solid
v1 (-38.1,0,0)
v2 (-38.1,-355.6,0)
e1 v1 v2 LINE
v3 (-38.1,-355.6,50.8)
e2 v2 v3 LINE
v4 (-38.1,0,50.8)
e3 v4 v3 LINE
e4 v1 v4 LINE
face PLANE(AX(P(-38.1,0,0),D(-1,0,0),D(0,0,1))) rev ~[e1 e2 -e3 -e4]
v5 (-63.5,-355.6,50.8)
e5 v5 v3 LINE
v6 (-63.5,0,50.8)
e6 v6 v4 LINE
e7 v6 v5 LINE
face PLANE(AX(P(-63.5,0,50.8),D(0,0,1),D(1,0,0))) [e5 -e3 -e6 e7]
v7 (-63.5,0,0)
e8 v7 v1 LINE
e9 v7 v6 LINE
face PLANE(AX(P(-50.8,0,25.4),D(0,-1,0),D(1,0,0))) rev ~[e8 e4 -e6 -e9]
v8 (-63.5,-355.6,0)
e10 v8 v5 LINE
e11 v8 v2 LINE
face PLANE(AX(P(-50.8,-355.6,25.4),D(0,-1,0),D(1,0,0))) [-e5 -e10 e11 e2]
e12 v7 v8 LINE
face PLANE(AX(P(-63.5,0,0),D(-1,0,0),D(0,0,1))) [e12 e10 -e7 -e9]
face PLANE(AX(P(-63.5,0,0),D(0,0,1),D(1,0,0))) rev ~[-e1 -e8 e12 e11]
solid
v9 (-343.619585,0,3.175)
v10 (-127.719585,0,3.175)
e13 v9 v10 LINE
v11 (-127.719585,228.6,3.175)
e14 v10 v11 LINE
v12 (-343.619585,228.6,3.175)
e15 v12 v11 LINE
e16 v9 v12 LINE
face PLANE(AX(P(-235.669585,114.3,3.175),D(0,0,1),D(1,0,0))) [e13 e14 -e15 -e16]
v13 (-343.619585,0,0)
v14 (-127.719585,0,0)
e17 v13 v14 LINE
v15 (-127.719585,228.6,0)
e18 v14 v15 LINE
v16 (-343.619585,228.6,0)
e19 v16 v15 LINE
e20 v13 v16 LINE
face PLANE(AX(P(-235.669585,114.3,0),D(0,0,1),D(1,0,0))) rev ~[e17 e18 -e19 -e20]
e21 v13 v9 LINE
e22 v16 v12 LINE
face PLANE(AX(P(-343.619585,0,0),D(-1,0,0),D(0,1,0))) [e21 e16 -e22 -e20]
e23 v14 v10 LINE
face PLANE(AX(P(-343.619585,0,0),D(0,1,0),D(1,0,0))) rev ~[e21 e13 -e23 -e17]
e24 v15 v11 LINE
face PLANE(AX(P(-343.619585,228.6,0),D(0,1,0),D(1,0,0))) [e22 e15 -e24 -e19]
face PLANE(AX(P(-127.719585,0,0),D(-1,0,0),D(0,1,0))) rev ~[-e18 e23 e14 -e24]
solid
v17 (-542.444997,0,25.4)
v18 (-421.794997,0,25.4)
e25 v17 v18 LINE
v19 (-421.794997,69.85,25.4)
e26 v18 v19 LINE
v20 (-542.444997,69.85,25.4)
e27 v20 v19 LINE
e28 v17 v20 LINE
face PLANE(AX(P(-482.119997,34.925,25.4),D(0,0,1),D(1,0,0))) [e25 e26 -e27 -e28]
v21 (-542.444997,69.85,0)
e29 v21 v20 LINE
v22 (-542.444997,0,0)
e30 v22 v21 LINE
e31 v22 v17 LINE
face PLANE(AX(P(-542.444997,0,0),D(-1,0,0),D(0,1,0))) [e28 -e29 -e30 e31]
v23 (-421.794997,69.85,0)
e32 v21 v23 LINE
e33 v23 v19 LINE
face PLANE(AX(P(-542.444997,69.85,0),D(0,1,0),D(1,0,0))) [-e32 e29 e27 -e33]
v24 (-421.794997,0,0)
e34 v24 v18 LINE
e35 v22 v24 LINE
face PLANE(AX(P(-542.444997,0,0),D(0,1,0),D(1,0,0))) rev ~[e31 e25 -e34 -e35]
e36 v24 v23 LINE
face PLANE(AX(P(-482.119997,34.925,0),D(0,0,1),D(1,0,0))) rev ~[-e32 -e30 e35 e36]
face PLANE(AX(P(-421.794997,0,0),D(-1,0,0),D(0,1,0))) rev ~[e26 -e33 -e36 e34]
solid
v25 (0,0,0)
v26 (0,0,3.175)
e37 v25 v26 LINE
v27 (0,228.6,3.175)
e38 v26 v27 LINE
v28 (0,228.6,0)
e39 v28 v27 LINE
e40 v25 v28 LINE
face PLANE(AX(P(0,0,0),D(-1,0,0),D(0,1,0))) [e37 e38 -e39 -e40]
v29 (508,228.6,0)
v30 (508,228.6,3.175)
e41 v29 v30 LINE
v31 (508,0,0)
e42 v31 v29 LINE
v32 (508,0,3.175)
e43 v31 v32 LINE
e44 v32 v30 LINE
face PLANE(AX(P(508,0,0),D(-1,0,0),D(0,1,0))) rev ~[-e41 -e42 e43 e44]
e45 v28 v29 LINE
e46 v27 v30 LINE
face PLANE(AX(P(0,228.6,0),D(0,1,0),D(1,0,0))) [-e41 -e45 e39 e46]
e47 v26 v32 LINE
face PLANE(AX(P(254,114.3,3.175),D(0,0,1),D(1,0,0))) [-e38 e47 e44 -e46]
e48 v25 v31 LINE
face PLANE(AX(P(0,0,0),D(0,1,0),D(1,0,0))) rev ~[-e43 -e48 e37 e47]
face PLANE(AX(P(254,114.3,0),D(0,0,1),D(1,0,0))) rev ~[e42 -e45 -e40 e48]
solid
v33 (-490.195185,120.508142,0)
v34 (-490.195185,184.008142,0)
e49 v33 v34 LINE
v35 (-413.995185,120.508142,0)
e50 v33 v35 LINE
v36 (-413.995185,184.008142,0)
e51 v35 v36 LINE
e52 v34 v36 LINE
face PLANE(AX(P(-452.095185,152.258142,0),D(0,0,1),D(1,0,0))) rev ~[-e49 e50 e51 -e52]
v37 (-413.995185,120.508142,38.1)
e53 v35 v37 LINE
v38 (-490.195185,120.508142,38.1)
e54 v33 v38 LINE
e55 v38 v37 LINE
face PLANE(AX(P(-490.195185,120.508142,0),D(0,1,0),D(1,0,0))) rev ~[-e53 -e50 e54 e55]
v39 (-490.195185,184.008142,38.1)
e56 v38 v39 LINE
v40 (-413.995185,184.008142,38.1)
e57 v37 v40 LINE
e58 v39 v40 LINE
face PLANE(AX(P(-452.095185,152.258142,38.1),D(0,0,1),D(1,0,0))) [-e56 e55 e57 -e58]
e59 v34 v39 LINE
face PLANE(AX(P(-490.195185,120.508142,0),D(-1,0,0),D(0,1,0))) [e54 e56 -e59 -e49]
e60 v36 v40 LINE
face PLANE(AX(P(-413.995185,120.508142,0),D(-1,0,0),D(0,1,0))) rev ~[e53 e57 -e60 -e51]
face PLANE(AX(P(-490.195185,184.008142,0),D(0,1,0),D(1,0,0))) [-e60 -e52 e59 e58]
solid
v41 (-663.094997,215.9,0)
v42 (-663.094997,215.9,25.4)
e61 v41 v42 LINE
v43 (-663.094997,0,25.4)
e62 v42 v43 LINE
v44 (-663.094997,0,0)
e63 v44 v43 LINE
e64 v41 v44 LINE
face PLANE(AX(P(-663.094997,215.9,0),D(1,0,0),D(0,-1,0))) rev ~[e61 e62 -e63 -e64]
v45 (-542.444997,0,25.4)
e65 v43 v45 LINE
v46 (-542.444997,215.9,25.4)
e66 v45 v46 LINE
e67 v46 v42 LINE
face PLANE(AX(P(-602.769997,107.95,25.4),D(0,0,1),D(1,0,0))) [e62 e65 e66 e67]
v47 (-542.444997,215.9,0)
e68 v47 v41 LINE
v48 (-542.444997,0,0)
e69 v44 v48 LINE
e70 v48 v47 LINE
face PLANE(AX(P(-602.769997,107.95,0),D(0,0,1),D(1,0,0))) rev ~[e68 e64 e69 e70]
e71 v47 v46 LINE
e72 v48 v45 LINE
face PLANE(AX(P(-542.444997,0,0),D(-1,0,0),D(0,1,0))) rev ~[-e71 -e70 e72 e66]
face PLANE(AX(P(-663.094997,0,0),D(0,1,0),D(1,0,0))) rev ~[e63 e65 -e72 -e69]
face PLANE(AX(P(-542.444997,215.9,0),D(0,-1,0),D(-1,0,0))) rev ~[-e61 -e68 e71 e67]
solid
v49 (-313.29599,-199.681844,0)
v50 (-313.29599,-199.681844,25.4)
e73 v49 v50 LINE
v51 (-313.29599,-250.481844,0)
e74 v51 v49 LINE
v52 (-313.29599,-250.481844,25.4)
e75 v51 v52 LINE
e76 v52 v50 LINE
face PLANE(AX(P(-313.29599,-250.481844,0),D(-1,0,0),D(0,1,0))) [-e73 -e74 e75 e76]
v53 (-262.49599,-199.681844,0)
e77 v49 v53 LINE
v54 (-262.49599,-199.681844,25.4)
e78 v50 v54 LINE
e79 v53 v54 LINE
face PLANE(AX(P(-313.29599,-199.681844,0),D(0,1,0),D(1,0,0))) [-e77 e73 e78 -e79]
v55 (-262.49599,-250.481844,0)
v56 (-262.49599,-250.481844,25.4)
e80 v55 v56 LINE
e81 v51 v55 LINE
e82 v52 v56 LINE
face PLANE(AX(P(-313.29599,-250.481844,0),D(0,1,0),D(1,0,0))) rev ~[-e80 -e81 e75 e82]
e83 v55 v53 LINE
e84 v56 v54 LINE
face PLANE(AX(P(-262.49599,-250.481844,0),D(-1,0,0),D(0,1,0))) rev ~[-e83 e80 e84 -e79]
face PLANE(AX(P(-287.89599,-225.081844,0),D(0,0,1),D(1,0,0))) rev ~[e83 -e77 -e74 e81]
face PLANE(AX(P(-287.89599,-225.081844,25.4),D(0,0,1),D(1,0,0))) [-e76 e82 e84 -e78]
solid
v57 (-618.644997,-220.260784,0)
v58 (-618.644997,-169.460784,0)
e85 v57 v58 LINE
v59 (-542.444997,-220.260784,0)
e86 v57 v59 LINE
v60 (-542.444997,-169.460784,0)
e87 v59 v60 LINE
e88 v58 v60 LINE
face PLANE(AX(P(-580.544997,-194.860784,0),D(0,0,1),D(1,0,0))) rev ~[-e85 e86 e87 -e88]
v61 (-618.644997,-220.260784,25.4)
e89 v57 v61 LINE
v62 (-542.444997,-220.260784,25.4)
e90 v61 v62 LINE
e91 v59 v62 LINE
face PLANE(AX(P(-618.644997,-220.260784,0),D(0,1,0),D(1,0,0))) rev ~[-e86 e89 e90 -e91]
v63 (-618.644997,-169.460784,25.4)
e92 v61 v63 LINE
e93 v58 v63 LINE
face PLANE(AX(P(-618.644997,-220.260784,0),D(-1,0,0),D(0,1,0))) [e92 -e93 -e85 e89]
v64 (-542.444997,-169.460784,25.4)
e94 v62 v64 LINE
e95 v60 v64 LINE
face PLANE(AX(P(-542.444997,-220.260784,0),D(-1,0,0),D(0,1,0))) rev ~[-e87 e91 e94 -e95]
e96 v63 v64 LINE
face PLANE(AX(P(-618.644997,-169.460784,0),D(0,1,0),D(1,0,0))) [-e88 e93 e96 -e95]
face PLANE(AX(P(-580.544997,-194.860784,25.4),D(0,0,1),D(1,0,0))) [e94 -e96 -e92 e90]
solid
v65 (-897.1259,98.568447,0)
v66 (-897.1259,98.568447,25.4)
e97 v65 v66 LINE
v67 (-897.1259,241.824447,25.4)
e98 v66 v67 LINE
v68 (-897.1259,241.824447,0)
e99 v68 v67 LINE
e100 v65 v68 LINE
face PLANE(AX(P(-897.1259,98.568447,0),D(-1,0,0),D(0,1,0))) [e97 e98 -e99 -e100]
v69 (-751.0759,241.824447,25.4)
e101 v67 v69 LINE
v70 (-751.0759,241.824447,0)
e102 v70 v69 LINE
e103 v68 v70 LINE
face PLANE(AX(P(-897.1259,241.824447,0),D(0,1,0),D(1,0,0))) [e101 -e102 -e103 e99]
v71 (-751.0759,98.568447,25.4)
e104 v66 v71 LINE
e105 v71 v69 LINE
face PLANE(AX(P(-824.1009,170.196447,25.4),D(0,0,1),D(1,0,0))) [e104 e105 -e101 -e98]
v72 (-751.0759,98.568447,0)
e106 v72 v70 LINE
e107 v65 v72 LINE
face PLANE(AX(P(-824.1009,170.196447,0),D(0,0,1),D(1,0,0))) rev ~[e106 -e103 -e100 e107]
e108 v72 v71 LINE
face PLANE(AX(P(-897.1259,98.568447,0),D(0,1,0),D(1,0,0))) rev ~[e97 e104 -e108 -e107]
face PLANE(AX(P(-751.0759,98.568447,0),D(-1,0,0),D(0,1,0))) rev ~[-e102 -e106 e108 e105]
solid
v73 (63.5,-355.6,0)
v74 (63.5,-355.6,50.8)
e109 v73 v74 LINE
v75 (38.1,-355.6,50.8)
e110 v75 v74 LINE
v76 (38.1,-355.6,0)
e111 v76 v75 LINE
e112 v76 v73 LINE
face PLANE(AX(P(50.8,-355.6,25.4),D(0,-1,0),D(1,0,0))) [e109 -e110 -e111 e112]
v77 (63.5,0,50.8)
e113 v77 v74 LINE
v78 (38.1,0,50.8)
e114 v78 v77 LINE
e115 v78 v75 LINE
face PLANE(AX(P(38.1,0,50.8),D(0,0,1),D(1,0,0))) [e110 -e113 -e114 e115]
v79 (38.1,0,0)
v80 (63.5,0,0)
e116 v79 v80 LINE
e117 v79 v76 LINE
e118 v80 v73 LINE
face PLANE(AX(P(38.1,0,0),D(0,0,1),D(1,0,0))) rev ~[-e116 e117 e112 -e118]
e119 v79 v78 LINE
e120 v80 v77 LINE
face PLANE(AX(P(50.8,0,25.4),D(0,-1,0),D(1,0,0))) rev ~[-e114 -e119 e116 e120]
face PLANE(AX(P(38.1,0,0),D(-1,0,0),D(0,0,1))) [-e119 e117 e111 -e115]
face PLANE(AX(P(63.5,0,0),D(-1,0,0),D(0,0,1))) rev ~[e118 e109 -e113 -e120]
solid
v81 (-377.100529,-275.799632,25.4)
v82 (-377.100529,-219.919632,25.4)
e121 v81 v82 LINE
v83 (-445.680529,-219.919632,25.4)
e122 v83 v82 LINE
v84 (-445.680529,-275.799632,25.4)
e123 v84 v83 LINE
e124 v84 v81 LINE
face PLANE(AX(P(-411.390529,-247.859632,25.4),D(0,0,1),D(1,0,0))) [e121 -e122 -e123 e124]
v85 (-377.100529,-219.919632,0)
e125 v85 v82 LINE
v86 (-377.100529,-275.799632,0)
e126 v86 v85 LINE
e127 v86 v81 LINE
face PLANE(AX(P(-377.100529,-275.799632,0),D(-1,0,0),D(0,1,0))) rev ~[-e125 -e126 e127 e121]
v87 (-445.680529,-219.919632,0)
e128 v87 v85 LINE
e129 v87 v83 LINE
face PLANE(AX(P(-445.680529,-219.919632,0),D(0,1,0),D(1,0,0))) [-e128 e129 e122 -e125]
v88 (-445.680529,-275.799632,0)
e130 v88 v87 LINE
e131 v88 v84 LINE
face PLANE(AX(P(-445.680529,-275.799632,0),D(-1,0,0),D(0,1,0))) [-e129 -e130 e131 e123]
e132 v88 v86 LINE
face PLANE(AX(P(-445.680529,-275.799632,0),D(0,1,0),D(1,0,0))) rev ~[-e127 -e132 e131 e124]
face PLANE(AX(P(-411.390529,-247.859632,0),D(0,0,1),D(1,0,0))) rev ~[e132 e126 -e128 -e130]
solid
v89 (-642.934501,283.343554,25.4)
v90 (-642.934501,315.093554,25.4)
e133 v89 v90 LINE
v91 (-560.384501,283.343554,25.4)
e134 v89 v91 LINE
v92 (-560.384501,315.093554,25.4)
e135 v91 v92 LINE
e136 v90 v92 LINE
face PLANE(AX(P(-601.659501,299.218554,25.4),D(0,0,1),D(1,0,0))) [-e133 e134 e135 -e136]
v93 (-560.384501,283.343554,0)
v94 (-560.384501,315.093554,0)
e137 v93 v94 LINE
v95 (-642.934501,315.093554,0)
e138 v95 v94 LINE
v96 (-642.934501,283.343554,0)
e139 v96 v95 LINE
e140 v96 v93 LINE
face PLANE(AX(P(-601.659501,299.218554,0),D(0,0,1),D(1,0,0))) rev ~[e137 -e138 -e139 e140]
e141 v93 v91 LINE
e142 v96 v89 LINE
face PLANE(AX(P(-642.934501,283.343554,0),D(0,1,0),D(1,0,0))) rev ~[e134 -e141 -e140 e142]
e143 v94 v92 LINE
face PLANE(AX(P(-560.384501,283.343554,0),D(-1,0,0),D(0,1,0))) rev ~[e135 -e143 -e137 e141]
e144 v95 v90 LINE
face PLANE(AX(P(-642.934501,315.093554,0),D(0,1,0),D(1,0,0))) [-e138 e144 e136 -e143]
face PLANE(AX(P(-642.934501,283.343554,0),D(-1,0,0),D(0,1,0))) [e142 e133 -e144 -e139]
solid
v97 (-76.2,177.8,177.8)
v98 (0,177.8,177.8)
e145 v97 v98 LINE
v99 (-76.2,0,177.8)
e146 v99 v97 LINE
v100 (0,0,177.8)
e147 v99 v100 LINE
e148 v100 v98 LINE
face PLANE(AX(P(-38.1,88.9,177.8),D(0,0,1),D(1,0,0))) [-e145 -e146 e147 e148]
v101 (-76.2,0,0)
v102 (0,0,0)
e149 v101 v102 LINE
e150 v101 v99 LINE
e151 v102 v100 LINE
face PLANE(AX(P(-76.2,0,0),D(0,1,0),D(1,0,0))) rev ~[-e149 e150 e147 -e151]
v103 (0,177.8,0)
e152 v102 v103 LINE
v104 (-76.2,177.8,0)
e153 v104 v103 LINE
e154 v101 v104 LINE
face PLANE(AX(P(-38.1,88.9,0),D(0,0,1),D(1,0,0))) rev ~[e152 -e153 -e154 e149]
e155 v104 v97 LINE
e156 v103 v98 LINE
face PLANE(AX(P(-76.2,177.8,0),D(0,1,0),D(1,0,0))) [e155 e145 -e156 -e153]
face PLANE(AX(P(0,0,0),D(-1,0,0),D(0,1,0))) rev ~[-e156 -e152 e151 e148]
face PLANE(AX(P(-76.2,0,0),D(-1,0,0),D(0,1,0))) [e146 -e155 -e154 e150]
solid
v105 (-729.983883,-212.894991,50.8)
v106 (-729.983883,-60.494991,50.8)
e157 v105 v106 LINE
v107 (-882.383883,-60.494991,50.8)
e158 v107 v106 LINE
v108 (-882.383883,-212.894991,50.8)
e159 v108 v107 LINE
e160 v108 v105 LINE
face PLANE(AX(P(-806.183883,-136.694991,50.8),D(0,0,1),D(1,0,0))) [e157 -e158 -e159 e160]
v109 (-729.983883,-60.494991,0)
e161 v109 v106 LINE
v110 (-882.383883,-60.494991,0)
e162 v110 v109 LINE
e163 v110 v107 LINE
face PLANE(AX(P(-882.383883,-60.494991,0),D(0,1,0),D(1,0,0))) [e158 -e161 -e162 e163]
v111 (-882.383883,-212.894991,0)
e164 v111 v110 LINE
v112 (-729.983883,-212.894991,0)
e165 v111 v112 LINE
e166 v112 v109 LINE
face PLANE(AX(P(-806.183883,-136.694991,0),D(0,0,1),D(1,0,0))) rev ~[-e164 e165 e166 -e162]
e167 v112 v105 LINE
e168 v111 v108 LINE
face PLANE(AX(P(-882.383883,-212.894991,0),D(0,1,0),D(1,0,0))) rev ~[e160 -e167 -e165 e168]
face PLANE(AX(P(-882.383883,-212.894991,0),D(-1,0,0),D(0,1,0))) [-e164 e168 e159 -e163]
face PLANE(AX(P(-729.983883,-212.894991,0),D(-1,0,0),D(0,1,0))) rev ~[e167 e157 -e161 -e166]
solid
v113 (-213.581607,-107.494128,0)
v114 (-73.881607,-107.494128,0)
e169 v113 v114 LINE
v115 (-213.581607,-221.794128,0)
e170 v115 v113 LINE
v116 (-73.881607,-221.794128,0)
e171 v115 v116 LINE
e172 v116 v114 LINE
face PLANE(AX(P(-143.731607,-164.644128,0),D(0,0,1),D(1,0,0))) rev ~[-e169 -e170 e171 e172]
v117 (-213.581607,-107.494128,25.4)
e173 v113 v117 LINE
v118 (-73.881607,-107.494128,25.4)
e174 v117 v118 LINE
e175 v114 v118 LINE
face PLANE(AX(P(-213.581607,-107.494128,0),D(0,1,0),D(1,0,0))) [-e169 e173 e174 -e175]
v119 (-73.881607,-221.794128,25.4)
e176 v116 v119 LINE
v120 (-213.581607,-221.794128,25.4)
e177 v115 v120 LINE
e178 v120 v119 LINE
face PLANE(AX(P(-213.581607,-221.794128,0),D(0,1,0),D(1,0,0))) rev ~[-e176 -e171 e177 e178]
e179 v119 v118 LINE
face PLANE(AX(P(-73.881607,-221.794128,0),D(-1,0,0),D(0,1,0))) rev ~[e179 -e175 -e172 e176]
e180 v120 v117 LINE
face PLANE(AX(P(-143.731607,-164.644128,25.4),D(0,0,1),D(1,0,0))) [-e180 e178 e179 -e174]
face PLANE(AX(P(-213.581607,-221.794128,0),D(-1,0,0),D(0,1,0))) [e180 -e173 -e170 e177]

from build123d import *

# Parameters (mm, degrees)
F0_W      = 25.4
F0_H      = 50.8
F1_DEPTH  = 355.6
F2_W      = 508
F2_H      = 228.6
F2_W_2    = 215.9
F3_DEPTH  = 3.175
F4_W      = 76.2
F4_H      = 177.8
F5_DEPTH  = 177.8
F2_W_3    = 120.65
F2_H_2    = 69.85
F6_DEPTH  = 25.4
F2_W_4    = 76.2
F2_H_3    = 63.5
F7_DEPTH  = 38.1
F2_W_5    = 146.05
F2_H_4    = 143.256
F8_DEPTH  = 25.4
F2_W_6    = 82.55
F2_H_5    = 31.75
F9_DEPTH  = 25.4
F10_DEPTH = 25.4
F2_W_7    = 50.8
F2_H_6    = 50.8
F11_DEPTH = 25.4
F2_W_8    = 68.58
F2_H_7    = 55.88
F12_DEPTH = 25.4
F13_DEPTH = 25.4
F2_W_9    = 152.4
F2_H_8    = 152.4
F14_DEPTH = 50.8
F2_W_10   = 139.7
F2_H_9    = 114.3
F15_DEPTH = 25.4


with BuildPart() as f1:
    # F0 (on Front) → F1 (new body)
    with BuildSketch(Plane.XZ):
        with Locations((-50.8, 25.4)):
            Rectangle(F0_W, F0_H)
        with Locations((50.8, 25.4)):
            Rectangle(F0_W, F0_H)
    extrude(amount=F1_DEPTH)


with BuildPart() as f3:
    # F2 (on Top) → F3 (new body)
    with BuildSketch(Plane.XY):
        with Locations((254, 114.3)):
            Rectangle(F2_W, F2_H)
        with Locations((-235.669585, 114.3)):
            Rectangle(F2_W_2, F2_H)
    extrude(amount=F3_DEPTH)


with BuildPart() as f5:
    # F4 (on Top) → F5 (new body)
    with BuildSketch(Plane.XY):
        with Locations((-38.1, 88.9)):
            Rectangle(F4_W, F4_H)
    extrude(amount=F5_DEPTH)


with BuildPart() as f6:
    # F2 (on Top) → F6 (new body)
    with BuildSketch(Plane.XY):
        with Locations((-482.119997, 34.925)):
            Rectangle(F2_W_3, F2_H_2)
    extrude(amount=F6_DEPTH)


with BuildPart() as f7:
    # F2 (on Top) → F7 (new body)
    with BuildSketch(Plane.XY):
        with Locations((-452.095185, 152.258142)):
            Rectangle(F2_W_4, F2_H_3)
    extrude(amount=F7_DEPTH)


with BuildPart() as f8:
    # F2 (on Top) → F8 (new body)
    with BuildSketch(Plane.XY):
        with Locations((-824.1009, 170.196447)):
            Rectangle(F2_W_5, F2_H_4)
    extrude(amount=F8_DEPTH)


with BuildPart() as f9:
    # F2 (on Top) → F9 (new body)
    with BuildSketch(Plane.XY):
        with Locations((-601.659501, 299.218554)):
            Rectangle(F2_W_6, F2_H_5)
    extrude(amount=F9_DEPTH)


with BuildPart() as f10:
    # F2 (on Top) → F10 (new body)
    with BuildSketch(Plane.XY):
        Polygon((-542.444997, 0), (-542.444997, 69.85), (-542.444997, 215.9), (-663.094997, 215.9), (-663.094997, 0), align=None)
    extrude(amount=F10_DEPTH)


with BuildPart() as f11:
    # F2 (on Top) → F11 (new body)
    with BuildSketch(Plane.XY):
        with Locations((-287.89599, -225.081844)):
            Rectangle(F2_W_7, F2_H_6)
    extrude(amount=F11_DEPTH)


with BuildPart() as f12:
    # F2 (on Top) → F12 (new body)
    with BuildSketch(Plane.XY):
        with Locations((-411.390529, -247.859632)):
            Rectangle(F2_W_8, F2_H_7)
    extrude(amount=F12_DEPTH)


with BuildPart() as f13:
    # F2 (on Top) → F13 (new body)
    with BuildSketch(Plane.XY):
        with Locations((-580.544997, -194.860784)):
            Rectangle(F2_W_4, F2_H_6)
    extrude(amount=F13_DEPTH)


with BuildPart() as f14:
    # F2 (on Top) → F14 (new body)
    with BuildSketch(Plane.XY):
        with Locations((-806.183883, -136.694991)):
            Rectangle(F2_W_9, F2_H_8)
    extrude(amount=F14_DEPTH)


with BuildPart() as f15:
    # F2 (on Top) → F15 (new body)
    with BuildSketch(Plane.XY):
        with Locations((-143.731607, -164.644128)):
            Rectangle(F2_W_10, F2_H_9)
    extrude(amount=F15_DEPTH)


solid = Compound([f1.part, f3.part, f5.part, f6.part, f7.part, f8.part, f9.part, f10.part, f11.part, f12.part, f13.part, f14.part, f15.part])
